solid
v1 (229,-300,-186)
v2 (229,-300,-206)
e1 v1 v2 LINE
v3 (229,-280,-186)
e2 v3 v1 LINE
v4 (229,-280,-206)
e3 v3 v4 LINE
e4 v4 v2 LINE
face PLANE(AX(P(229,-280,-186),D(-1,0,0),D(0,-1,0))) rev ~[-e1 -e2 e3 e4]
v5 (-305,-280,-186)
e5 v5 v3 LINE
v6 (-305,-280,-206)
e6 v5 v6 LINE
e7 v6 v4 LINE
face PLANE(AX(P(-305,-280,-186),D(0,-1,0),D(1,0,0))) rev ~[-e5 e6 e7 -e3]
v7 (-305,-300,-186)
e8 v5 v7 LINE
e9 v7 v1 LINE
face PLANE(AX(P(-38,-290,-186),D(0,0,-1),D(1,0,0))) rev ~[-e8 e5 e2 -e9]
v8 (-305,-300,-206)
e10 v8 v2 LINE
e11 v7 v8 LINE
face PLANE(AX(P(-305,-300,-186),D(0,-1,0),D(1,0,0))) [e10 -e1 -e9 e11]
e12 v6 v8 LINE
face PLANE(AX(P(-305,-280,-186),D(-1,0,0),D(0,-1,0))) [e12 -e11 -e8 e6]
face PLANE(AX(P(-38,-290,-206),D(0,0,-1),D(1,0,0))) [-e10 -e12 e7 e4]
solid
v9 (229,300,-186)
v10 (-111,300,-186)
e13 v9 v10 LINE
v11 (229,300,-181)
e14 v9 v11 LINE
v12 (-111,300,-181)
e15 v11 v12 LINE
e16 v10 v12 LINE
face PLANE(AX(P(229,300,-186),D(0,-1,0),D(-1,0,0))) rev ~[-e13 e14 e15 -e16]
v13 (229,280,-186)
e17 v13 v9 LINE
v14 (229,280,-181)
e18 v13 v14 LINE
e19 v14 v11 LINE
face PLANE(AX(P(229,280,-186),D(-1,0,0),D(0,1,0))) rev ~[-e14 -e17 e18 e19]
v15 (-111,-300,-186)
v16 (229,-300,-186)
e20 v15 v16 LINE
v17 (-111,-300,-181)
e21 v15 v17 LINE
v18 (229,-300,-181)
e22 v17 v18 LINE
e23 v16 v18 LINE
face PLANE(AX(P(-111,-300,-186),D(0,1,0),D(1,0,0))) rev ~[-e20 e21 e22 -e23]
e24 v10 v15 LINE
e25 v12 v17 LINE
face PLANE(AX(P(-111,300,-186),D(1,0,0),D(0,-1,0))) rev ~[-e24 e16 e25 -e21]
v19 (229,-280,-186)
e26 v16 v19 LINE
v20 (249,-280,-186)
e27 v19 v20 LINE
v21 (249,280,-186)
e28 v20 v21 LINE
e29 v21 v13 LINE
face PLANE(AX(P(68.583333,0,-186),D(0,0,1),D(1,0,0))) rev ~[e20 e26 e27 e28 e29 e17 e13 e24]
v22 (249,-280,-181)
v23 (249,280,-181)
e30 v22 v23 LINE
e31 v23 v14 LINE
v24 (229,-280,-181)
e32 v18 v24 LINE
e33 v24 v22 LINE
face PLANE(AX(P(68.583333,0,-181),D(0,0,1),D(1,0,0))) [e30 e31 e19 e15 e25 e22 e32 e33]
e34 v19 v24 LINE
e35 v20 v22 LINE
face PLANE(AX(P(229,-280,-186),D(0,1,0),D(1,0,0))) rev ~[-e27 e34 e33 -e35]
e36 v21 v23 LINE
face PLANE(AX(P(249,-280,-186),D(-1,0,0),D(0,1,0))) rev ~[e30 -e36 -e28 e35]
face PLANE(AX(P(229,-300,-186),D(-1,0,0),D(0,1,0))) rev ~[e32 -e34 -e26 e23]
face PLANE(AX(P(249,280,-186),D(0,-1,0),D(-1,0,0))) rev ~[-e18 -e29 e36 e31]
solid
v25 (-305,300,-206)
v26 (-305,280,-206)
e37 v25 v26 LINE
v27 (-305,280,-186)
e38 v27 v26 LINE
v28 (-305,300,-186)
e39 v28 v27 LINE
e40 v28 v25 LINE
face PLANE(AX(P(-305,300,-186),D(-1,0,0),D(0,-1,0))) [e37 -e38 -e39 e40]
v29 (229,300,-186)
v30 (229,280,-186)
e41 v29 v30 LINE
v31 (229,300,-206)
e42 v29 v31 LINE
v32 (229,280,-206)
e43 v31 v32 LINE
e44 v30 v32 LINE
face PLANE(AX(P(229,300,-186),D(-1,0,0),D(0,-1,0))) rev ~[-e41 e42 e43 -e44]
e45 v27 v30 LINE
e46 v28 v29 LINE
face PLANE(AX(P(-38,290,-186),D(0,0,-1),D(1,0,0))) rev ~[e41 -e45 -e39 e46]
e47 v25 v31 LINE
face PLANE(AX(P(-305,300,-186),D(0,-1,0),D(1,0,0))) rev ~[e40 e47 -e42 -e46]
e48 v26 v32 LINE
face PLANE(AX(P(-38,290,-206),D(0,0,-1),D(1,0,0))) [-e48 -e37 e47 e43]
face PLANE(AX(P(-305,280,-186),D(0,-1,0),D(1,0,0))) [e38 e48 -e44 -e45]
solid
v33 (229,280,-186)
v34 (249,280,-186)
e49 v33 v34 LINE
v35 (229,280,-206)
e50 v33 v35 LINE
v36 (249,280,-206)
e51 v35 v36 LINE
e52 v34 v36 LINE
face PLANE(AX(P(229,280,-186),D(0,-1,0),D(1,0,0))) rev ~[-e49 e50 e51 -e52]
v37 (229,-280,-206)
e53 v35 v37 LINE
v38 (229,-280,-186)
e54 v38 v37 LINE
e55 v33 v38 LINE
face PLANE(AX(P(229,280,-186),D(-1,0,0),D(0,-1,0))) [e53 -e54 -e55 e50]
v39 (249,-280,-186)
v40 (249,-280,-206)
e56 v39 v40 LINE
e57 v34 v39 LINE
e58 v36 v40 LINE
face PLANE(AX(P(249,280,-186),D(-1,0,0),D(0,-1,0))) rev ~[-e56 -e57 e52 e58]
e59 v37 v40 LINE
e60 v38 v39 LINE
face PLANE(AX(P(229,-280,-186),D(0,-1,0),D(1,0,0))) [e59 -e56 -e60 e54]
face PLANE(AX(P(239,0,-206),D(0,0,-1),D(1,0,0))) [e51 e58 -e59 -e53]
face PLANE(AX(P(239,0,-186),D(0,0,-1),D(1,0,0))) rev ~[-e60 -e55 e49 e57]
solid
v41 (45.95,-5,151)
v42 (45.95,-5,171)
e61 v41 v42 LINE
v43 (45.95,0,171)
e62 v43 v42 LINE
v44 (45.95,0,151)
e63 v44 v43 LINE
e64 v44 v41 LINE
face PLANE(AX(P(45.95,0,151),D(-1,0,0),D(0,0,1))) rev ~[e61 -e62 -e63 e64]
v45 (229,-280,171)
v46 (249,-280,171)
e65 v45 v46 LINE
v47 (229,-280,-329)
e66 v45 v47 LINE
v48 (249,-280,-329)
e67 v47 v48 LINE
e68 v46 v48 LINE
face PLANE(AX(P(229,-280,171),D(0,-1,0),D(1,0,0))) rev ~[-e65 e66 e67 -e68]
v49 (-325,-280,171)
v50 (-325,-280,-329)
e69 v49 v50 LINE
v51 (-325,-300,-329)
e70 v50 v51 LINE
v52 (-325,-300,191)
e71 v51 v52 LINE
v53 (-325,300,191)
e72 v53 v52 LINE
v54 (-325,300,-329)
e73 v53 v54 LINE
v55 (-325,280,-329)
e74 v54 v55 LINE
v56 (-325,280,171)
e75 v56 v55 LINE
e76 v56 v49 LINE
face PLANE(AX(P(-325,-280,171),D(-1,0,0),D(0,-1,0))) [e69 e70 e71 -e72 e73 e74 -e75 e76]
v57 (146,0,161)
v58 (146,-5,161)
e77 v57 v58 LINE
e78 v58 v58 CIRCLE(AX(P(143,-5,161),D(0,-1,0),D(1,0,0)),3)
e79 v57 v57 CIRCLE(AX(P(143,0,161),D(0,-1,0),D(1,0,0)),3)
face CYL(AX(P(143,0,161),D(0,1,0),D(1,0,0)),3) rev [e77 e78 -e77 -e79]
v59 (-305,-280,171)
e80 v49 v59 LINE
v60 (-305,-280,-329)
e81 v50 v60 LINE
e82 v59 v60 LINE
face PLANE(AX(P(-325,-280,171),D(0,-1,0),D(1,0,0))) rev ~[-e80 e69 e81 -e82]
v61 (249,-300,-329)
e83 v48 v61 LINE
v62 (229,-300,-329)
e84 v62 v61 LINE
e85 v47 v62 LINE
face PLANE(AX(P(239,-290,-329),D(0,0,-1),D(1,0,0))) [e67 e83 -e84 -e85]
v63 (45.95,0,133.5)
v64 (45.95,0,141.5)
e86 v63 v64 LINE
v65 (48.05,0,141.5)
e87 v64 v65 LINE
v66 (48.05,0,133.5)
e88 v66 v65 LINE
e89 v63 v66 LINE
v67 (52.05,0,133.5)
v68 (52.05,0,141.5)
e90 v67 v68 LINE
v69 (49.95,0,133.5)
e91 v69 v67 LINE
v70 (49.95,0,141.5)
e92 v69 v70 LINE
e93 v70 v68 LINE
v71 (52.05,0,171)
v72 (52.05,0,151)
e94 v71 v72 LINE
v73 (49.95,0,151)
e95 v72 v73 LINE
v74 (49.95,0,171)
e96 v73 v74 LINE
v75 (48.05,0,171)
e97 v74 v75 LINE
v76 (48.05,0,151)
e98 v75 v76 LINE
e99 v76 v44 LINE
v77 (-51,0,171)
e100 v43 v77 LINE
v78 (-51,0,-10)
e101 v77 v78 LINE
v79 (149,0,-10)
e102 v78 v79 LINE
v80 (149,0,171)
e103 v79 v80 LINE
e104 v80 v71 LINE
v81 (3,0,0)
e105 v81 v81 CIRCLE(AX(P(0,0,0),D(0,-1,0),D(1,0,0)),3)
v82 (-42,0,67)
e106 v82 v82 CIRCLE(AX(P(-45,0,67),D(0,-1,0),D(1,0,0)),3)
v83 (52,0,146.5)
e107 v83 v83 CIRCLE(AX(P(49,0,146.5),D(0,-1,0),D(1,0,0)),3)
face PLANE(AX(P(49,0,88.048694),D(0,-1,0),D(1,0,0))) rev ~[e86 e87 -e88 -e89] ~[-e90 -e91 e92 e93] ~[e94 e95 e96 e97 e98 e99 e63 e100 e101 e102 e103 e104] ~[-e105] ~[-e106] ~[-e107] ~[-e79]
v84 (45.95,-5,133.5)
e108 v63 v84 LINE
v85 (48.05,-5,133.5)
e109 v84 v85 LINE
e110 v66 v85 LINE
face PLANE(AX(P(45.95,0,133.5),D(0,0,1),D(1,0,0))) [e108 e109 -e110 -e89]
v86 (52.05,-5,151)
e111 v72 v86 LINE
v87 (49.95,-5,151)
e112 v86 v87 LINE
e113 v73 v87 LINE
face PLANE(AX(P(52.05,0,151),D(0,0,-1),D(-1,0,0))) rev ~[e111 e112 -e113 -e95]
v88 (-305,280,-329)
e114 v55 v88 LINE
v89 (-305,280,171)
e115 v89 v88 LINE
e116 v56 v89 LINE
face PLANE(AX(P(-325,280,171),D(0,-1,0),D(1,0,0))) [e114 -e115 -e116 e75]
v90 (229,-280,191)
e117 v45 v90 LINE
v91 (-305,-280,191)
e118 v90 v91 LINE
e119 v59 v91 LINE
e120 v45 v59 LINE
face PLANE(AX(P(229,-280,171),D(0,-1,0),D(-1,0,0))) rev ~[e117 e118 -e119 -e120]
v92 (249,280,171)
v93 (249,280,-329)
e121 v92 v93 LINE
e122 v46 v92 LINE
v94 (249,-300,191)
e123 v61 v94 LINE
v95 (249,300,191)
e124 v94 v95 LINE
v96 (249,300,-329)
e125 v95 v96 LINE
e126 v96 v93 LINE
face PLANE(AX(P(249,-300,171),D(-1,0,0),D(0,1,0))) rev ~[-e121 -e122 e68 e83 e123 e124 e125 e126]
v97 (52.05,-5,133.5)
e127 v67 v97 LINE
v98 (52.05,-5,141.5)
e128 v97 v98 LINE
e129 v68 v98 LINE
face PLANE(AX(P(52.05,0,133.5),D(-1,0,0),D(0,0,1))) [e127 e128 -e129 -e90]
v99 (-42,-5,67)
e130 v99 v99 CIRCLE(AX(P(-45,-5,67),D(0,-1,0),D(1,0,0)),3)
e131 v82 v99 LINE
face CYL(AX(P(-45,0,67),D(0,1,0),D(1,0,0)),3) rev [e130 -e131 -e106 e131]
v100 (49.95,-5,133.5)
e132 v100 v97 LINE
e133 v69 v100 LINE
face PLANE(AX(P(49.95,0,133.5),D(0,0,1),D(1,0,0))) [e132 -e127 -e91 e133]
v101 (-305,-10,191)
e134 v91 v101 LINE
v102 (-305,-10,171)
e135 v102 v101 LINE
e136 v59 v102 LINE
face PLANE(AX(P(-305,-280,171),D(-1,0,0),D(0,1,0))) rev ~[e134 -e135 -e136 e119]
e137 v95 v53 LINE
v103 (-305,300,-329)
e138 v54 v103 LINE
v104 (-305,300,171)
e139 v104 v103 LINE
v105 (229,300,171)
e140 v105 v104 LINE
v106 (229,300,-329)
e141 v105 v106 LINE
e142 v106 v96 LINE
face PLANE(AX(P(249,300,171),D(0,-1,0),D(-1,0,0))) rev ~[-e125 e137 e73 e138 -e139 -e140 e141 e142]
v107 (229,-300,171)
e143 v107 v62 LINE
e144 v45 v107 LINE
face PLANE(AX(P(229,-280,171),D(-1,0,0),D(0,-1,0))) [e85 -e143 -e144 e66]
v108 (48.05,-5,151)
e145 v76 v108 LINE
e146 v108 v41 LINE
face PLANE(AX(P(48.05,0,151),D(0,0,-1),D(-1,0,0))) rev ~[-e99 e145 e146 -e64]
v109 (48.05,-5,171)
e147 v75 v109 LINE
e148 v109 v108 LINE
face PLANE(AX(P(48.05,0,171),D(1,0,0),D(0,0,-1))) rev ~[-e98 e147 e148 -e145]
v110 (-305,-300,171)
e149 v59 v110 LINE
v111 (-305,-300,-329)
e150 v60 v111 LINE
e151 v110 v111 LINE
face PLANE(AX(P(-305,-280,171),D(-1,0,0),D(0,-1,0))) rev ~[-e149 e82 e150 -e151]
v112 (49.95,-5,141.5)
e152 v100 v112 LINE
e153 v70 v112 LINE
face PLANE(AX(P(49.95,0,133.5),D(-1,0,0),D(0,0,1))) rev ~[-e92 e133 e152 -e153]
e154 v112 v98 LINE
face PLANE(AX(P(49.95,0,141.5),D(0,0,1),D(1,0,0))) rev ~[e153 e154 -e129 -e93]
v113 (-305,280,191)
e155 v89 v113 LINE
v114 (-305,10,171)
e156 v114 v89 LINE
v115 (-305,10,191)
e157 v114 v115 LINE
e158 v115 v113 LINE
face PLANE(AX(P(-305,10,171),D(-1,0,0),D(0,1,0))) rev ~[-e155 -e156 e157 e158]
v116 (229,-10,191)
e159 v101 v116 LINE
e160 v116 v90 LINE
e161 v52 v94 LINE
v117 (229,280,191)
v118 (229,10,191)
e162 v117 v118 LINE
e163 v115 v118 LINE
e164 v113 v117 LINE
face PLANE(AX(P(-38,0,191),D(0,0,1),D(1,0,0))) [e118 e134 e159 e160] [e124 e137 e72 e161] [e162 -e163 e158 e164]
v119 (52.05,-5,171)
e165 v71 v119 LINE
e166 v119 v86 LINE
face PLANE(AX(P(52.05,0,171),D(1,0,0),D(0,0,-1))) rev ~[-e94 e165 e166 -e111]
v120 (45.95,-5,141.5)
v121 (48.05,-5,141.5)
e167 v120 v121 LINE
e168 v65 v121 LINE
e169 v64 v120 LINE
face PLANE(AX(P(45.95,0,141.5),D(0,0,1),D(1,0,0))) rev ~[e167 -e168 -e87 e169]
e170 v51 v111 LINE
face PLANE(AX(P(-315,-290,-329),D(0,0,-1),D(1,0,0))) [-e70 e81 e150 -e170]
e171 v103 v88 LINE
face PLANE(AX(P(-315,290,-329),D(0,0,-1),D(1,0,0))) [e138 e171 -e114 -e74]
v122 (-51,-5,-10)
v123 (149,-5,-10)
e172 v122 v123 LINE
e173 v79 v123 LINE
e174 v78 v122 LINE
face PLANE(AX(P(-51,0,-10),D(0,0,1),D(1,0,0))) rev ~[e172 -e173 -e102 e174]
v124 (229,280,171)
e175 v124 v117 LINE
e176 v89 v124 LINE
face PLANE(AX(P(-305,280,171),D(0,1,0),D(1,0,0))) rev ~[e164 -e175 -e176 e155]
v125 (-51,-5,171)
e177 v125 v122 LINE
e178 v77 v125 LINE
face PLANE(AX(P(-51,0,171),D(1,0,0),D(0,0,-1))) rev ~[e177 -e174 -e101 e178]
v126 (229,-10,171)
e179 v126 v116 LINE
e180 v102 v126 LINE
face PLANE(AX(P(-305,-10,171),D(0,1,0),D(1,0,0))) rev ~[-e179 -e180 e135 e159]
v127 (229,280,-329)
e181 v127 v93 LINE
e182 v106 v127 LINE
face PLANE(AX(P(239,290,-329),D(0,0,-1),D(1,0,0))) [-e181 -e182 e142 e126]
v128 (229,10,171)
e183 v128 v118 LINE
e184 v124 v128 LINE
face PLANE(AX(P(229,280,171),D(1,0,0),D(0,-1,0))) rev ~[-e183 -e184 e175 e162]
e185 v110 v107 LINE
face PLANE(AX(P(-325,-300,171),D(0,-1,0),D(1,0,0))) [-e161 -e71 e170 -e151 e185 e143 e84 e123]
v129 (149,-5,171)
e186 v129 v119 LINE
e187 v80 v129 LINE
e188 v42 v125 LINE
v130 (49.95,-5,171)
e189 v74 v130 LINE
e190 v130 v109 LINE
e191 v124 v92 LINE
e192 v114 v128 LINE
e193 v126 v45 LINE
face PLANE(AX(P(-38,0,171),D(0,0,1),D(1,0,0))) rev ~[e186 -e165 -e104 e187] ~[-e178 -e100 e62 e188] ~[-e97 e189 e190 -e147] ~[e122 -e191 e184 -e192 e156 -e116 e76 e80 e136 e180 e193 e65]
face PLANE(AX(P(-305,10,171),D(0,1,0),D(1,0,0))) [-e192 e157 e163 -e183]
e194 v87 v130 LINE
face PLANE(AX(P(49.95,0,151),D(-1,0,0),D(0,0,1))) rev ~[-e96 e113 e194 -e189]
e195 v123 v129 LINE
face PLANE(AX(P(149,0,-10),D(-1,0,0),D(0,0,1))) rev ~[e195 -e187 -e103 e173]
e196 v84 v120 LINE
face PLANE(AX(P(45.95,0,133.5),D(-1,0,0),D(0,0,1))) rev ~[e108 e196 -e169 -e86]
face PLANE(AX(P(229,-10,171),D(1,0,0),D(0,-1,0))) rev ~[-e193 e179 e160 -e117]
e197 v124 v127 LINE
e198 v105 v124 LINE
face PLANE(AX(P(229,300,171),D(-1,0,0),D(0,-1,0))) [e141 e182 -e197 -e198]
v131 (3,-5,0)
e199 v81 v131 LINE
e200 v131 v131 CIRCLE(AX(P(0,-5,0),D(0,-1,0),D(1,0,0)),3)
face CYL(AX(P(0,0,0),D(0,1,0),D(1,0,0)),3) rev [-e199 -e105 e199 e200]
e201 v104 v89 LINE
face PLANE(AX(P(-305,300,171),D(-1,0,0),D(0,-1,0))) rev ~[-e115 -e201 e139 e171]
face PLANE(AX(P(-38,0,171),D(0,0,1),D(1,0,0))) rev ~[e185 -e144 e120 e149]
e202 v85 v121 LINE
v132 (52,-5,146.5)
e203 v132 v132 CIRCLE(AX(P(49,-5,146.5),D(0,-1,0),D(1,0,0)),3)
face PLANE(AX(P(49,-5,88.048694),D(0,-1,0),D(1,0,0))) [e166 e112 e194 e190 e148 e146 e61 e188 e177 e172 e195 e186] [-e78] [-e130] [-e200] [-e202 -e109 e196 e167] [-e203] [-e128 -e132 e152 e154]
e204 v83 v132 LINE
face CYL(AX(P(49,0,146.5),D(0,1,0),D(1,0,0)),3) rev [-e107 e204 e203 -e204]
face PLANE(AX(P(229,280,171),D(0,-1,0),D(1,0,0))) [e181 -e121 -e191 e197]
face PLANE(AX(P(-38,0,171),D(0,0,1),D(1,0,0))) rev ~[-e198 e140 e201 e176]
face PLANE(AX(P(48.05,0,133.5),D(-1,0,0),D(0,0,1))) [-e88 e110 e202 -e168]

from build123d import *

# Parameters (mm, degrees)
F0_R      = 3
F0_W      = 2.1
F0_H      = 8
F1_DEPTH  = 5
F3_W      = 534
F3_H      = 20
F4_DEPTH  = 20
F5_W      = 20
F5_H      = 20
F6_DEPTH  = 500
F9_DEPTH  = 5
F10_W     = 534
F10_H     = 20
F10_W_2   = 20
F10_H_2   = 560
F11_DEPTH = 20


with BuildPart() as f1:
    # F0 (on Front) → F1 (new body)
    with BuildSketch(Plane.XZ):
        Polygon((-51, 171), (-51, -10), (149, -10), (149, 171), (52.05, 171), (52.05, 151), (49.95, 151), (49.95, 171), (48.05, 171), (48.05, 151), (45.95, 151), (45.95, 171), align=None)
        Circle(F0_R, mode=Mode.SUBTRACT)
        with Locations((-45, 67)):
            Circle(F0_R, mode=Mode.SUBTRACT)
        with Locations((47, 137.5)):
            Rectangle(F0_W, F0_H, mode=Mode.SUBTRACT)
        with Locations((51, 137.5)):
            Rectangle(F0_W, F0_H, mode=Mode.SUBTRACT)
        with Locations((49, 146.5)):
            Circle(F0_R, mode=Mode.SUBTRACT)
        with Locations((143, 161)):
            Circle(F0_R, mode=Mode.SUBTRACT)
    extrude(amount=F1_DEPTH)

    # F3 (on offset) → F4 (join)
    with BuildSketch(Plane.XY.offset(171)):
        Polygon((229, -300), (249, -300), (249, 300), (229, 300), (-305, 300), (-325, 300), (-325, -300), (-305, -300), align=None)
        Polygon((229, -10), (229, -280), (-305, -280), (-305, -10), (-305, 10), (-305, 280), (229, 280), (229, 10), align=None, mode=Mode.SUBTRACT)
        with Locations((-38, 0)):
            Rectangle(F3_W, F3_H)
    extrude(amount=F4_DEPTH)

    # F5 (on face) → F6 (join)
    with BuildSketch(Plane(origin=(0, 0, 171), x_dir=(1, 0, 0), z_dir=(0, 0, -1))):
        with Locations((-315, 290)):
            Rectangle(F5_W, F5_H)
        with Locations((-315, -290)):
            Rectangle(F5_W, F5_H)
        with Locations((239, -290)):
            Rectangle(F5_W, F5_H)
        with Locations((239, 290)):
            Rectangle(F5_W, F5_H)
    extrude(amount=F6_DEPTH)


with BuildPart() as f9:
    # F8 (on offset) → F9 (new body)
    with BuildSketch(Plane.XY.offset(-186)):
        Polygon((229, 280), (229, 300), (-111, 300), (-111, -300), (229, -300), (229, -280), (249, -280), (249, 280), align=None)
    extrude(amount=F9_DEPTH)


with BuildPart() as f11:
    # F10 (on face) → F11 (new body)
    with BuildSketch(Plane(origin=(0, 0, -186), x_dir=(1, 0, 0), z_dir=(0, 0, -1))):
        with Locations((-38, -290)):
            Rectangle(F10_W, F10_H)
        with Locations((239, 0)):
            Rectangle(F10_W_2, F10_H_2)
        with Locations((-38, 290)):
            Rectangle(F10_W, F10_H)
    extrude(amount=F11_DEPTH)


solid = Compound([f1.part, f9.part, f11.part])
